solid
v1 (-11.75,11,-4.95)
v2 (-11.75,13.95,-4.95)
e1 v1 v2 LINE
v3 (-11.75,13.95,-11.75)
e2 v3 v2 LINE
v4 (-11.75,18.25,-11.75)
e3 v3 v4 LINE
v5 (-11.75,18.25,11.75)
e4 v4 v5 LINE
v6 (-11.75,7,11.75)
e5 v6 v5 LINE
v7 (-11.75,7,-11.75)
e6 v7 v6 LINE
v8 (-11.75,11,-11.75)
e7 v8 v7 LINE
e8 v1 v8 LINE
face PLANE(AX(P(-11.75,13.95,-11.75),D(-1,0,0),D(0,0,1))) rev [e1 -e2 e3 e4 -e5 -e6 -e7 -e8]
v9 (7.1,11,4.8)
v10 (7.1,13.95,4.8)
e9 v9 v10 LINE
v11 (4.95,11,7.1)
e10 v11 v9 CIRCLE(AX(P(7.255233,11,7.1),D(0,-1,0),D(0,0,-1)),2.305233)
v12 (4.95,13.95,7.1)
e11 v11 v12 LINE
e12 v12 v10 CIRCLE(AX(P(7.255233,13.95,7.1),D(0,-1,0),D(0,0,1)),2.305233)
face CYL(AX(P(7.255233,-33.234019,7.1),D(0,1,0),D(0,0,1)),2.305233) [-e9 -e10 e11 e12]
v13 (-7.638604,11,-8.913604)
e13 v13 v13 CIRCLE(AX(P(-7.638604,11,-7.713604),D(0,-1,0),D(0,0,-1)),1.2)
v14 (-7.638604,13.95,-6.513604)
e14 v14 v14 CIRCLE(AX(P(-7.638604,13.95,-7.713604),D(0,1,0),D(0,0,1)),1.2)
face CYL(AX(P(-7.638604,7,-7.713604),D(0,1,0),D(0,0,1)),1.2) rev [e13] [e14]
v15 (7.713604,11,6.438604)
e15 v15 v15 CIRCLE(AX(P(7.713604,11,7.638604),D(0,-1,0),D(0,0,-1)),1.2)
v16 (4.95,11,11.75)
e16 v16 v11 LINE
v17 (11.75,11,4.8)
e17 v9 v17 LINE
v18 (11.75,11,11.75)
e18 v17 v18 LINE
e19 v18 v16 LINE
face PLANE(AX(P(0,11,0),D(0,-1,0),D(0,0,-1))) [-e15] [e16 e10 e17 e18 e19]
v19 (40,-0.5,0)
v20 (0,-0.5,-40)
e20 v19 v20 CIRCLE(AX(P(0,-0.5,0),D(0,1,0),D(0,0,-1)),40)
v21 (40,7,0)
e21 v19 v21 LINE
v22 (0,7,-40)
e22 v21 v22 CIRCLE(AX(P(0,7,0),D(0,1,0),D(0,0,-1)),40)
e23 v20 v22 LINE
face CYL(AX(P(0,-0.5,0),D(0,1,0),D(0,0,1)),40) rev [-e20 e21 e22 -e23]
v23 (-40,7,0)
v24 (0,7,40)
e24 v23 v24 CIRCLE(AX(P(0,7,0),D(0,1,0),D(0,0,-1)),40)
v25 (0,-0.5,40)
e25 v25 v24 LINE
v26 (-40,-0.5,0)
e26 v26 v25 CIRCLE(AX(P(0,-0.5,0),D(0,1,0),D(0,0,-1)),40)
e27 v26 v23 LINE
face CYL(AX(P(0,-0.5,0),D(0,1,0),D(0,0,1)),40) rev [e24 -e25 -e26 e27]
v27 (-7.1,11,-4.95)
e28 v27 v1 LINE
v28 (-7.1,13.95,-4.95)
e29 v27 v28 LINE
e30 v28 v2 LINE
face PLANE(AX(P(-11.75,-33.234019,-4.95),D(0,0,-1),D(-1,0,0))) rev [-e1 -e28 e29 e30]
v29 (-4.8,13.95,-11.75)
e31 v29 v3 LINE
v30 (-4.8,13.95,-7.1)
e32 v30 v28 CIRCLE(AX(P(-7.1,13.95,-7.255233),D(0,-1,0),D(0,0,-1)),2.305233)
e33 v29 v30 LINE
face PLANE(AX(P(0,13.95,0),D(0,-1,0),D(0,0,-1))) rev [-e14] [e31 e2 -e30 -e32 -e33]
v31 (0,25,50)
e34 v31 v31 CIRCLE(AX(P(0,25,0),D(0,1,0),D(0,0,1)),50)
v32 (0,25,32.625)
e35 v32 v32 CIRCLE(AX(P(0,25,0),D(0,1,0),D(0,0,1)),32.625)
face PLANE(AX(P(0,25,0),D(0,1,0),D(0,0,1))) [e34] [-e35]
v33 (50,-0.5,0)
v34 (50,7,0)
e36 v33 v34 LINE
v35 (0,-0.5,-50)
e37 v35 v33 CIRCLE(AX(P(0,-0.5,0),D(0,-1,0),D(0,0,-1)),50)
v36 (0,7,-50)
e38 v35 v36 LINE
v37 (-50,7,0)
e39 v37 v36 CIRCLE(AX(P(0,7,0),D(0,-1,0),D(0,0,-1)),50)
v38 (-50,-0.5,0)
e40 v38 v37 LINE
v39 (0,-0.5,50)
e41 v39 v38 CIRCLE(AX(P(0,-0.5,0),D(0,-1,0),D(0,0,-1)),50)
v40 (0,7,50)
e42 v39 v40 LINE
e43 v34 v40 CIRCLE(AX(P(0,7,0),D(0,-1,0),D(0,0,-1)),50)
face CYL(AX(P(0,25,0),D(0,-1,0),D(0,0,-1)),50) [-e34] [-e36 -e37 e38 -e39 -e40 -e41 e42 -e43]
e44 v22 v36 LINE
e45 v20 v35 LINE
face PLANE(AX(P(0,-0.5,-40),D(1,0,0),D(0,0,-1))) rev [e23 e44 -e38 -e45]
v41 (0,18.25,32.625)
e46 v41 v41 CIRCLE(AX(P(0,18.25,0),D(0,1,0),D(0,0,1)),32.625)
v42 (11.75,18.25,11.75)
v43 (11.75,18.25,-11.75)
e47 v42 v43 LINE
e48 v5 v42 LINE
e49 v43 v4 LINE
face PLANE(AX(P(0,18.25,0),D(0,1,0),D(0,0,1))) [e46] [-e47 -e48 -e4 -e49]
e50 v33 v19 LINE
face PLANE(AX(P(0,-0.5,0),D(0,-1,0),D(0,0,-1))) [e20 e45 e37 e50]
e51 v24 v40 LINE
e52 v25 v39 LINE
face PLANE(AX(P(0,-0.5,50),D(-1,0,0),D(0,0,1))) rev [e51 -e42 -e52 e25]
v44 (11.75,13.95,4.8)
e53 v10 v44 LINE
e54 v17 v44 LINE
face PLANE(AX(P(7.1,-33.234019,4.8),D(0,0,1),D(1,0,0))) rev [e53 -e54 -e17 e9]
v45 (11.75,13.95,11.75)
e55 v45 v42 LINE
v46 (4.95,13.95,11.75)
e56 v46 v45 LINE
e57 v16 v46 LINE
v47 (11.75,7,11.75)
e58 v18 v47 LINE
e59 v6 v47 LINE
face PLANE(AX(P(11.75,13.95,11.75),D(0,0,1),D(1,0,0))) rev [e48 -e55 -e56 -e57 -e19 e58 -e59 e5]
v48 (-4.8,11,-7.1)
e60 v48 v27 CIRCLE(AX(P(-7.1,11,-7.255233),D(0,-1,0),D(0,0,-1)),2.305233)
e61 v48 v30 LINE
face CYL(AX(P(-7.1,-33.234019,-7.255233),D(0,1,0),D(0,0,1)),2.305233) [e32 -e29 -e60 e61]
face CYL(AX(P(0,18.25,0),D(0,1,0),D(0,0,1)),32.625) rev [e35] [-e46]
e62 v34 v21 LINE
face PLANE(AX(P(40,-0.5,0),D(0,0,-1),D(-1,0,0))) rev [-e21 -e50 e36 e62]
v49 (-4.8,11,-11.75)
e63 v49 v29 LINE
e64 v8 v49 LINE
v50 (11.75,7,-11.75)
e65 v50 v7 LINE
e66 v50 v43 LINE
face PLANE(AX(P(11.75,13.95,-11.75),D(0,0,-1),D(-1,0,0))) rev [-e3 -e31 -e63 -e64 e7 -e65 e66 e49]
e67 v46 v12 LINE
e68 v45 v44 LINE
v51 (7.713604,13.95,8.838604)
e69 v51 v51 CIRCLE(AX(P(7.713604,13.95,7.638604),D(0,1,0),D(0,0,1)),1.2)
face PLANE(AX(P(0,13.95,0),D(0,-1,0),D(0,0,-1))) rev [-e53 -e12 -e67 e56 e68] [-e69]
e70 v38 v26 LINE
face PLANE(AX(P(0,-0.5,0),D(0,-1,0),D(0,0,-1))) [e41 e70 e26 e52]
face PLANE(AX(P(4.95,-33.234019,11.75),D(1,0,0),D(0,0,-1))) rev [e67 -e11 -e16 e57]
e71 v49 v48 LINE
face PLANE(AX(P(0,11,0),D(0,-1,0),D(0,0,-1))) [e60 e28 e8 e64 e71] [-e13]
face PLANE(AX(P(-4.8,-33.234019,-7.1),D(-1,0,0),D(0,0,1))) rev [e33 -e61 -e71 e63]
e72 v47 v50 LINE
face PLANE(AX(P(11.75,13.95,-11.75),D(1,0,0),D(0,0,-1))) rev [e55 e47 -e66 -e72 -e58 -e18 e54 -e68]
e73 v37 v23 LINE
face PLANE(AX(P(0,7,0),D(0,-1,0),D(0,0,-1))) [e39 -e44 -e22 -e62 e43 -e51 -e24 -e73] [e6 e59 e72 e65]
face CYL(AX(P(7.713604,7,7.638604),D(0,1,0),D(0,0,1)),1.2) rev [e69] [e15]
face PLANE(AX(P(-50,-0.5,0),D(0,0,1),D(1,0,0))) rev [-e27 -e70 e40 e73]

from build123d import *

# Parameters (mm, degrees)
SKETCH1_R           = 50
BOSS_EXTRUDE1_DEPTH = 25
SKETCH2_R           = 32.625
CUT_EXTRUDE1_DEPTH  = 6.75
SKETCH3_W           = 23.5
SKETCH3_H           = 23.5
CUT_EXTRUDE2_DEPTH  = 4.3
CUT_EXTRUDE3_DEPTH  = 13.95
SKETCH24_W          = 23.5
SKETCH24_H          = 23.5
CUT_EXTRUDE4_DEPTH  = 11
SKETCH25_R          = 50
CUT_EXTRUDE5_DEPTH  = 7
SKETCH26_R          = 1.2
CUT_EXTRUDE6_DEPTH  = 72.568865437
BOSS_EXTRUDE2_START = 7.5
BOSS_EXTRUDE2_DEPTH = 7.5


with BuildPart() as part:
    # Sketch1 → Boss-Extrude1 (new body)
    with BuildSketch(Plane(origin=(0, 0, 0), x_dir=(1, 0, 0), z_dir=(0, 1, 0))):
        with Locations(Location((0, 0, 0), (0, 0, 270))):
            Circle(SKETCH1_R)
    extrude(amount=BOSS_EXTRUDE1_DEPTH)

    # Sketch2 → Cut-Extrude1 (cut)
    with BuildSketch(Plane(origin=(0, 25, 0), x_dir=(1, 0, 0), z_dir=(0, 1, 0))):
        with Locations(Location((0, 0, 0), (0, 0, 270))):
            Circle(SKETCH2_R)
    extrude(amount=-CUT_EXTRUDE1_DEPTH, mode=Mode.SUBTRACT)

    # Sketch3 → Cut-Extrude2 (cut)
    with BuildSketch(Plane(origin=(0, 18.25, 0), x_dir=(1, 0, 0), z_dir=(0, 1, 0))):
        Rectangle(SKETCH3_W, SKETCH3_H)
    extrude(amount=-CUT_EXTRUDE2_DEPTH, mode=Mode.SUBTRACT)

    # Sketch4 → Cut-Extrude3 (cut)
    with BuildSketch(Plane(origin=(0, 13.95, 0), x_dir=(1, 0, 0), z_dir=(0, 1, 0))):
        with BuildLine():
            Line((-11.75, 4.95), (-7.1, 4.95))
            ThreePointArc((-7.1, 4.95), (-5.525793851, 5.571198073), (-4.8, 7.1))
            Line((-4.8, 7.1), (-4.8, 11.75))
            Line((-4.8, 11.75), (11.75, 11.75))
            Line((11.75, 11.75), (11.75, -4.8))
            Line((11.75, -4.8), (7.1, -4.8))
            ThreePointArc((7.1, -4.8), (5.571198073, -5.525793851), (4.95, -7.1))
            Line((4.95, -7.1), (4.95, -11.75))
            Line((4.95, -11.75), (-11.75, -11.75))
            Line((-11.75, -11.75), (-11.75, 4.95))
        make_face()
    extrude(amount=-CUT_EXTRUDE3_DEPTH, mode=Mode.SUBTRACT)

    # Sketch24 → Cut-Extrude4 (cut)
    with BuildSketch(Plane.XZ):
        Rectangle(SKETCH24_W, SKETCH24_H)
    extrude(amount=-CUT_EXTRUDE4_DEPTH, mode=Mode.SUBTRACT)

    # Sketch25 → Cut-Extrude5 (cut)
    with BuildSketch(Plane.XZ):
        with Locations(Location((0, 0, 0), (0, 0, 270))):
            Circle(SKETCH25_R)
    extrude(amount=-CUT_EXTRUDE5_DEPTH, mode=Mode.SUBTRACT)

    # Sketch26 → Cut-Extrude6 (cut, through all)
    with BuildSketch(Plane(origin=(0, 13.95, 0), x_dir=(1, 0, 0), z_dir=(0, 1, 0))):
        with Locations(Location((-7.638603897, 7.713603897, 0), (0, 0, 270))):
            Circle(SKETCH26_R)
        with Locations(Location((7.713603897, -7.638603897, 0), (0, 0, 270))):
            Circle(SKETCH26_R)
    extrude(amount=-CUT_EXTRUDE6_DEPTH, mode=Mode.SUBTRACT)

    # Sketch27 → Boss-Extrude2 (add)
    with BuildSketch(Plane.XZ.offset(-7).offset(BOSS_EXTRUDE2_START)):
        with BuildLine():
            Line((-50, 0), (-40, 0))
            ThreePointArc((-40, 0), (-28.284271247, 28.284271247), (0, 40))
            Line((0, 40), (0, 50))
            ThreePointArc((0, 50), (-35.355339059, 35.355339059), (-50, 0))
        make_face()
        with BuildLine():
            Line((40, 0), (50, 0))
            ThreePointArc((50, 0), (35.355339059, -35.355339059), (0, -50))
            Line((0, -50), (0, -40))
            ThreePointArc((0, -40), (28.284271247, -28.284271247), (40, 0))
        make_face()
    extrude(amount=-BOSS_EXTRUDE2_DEPTH)


solid = part.part
